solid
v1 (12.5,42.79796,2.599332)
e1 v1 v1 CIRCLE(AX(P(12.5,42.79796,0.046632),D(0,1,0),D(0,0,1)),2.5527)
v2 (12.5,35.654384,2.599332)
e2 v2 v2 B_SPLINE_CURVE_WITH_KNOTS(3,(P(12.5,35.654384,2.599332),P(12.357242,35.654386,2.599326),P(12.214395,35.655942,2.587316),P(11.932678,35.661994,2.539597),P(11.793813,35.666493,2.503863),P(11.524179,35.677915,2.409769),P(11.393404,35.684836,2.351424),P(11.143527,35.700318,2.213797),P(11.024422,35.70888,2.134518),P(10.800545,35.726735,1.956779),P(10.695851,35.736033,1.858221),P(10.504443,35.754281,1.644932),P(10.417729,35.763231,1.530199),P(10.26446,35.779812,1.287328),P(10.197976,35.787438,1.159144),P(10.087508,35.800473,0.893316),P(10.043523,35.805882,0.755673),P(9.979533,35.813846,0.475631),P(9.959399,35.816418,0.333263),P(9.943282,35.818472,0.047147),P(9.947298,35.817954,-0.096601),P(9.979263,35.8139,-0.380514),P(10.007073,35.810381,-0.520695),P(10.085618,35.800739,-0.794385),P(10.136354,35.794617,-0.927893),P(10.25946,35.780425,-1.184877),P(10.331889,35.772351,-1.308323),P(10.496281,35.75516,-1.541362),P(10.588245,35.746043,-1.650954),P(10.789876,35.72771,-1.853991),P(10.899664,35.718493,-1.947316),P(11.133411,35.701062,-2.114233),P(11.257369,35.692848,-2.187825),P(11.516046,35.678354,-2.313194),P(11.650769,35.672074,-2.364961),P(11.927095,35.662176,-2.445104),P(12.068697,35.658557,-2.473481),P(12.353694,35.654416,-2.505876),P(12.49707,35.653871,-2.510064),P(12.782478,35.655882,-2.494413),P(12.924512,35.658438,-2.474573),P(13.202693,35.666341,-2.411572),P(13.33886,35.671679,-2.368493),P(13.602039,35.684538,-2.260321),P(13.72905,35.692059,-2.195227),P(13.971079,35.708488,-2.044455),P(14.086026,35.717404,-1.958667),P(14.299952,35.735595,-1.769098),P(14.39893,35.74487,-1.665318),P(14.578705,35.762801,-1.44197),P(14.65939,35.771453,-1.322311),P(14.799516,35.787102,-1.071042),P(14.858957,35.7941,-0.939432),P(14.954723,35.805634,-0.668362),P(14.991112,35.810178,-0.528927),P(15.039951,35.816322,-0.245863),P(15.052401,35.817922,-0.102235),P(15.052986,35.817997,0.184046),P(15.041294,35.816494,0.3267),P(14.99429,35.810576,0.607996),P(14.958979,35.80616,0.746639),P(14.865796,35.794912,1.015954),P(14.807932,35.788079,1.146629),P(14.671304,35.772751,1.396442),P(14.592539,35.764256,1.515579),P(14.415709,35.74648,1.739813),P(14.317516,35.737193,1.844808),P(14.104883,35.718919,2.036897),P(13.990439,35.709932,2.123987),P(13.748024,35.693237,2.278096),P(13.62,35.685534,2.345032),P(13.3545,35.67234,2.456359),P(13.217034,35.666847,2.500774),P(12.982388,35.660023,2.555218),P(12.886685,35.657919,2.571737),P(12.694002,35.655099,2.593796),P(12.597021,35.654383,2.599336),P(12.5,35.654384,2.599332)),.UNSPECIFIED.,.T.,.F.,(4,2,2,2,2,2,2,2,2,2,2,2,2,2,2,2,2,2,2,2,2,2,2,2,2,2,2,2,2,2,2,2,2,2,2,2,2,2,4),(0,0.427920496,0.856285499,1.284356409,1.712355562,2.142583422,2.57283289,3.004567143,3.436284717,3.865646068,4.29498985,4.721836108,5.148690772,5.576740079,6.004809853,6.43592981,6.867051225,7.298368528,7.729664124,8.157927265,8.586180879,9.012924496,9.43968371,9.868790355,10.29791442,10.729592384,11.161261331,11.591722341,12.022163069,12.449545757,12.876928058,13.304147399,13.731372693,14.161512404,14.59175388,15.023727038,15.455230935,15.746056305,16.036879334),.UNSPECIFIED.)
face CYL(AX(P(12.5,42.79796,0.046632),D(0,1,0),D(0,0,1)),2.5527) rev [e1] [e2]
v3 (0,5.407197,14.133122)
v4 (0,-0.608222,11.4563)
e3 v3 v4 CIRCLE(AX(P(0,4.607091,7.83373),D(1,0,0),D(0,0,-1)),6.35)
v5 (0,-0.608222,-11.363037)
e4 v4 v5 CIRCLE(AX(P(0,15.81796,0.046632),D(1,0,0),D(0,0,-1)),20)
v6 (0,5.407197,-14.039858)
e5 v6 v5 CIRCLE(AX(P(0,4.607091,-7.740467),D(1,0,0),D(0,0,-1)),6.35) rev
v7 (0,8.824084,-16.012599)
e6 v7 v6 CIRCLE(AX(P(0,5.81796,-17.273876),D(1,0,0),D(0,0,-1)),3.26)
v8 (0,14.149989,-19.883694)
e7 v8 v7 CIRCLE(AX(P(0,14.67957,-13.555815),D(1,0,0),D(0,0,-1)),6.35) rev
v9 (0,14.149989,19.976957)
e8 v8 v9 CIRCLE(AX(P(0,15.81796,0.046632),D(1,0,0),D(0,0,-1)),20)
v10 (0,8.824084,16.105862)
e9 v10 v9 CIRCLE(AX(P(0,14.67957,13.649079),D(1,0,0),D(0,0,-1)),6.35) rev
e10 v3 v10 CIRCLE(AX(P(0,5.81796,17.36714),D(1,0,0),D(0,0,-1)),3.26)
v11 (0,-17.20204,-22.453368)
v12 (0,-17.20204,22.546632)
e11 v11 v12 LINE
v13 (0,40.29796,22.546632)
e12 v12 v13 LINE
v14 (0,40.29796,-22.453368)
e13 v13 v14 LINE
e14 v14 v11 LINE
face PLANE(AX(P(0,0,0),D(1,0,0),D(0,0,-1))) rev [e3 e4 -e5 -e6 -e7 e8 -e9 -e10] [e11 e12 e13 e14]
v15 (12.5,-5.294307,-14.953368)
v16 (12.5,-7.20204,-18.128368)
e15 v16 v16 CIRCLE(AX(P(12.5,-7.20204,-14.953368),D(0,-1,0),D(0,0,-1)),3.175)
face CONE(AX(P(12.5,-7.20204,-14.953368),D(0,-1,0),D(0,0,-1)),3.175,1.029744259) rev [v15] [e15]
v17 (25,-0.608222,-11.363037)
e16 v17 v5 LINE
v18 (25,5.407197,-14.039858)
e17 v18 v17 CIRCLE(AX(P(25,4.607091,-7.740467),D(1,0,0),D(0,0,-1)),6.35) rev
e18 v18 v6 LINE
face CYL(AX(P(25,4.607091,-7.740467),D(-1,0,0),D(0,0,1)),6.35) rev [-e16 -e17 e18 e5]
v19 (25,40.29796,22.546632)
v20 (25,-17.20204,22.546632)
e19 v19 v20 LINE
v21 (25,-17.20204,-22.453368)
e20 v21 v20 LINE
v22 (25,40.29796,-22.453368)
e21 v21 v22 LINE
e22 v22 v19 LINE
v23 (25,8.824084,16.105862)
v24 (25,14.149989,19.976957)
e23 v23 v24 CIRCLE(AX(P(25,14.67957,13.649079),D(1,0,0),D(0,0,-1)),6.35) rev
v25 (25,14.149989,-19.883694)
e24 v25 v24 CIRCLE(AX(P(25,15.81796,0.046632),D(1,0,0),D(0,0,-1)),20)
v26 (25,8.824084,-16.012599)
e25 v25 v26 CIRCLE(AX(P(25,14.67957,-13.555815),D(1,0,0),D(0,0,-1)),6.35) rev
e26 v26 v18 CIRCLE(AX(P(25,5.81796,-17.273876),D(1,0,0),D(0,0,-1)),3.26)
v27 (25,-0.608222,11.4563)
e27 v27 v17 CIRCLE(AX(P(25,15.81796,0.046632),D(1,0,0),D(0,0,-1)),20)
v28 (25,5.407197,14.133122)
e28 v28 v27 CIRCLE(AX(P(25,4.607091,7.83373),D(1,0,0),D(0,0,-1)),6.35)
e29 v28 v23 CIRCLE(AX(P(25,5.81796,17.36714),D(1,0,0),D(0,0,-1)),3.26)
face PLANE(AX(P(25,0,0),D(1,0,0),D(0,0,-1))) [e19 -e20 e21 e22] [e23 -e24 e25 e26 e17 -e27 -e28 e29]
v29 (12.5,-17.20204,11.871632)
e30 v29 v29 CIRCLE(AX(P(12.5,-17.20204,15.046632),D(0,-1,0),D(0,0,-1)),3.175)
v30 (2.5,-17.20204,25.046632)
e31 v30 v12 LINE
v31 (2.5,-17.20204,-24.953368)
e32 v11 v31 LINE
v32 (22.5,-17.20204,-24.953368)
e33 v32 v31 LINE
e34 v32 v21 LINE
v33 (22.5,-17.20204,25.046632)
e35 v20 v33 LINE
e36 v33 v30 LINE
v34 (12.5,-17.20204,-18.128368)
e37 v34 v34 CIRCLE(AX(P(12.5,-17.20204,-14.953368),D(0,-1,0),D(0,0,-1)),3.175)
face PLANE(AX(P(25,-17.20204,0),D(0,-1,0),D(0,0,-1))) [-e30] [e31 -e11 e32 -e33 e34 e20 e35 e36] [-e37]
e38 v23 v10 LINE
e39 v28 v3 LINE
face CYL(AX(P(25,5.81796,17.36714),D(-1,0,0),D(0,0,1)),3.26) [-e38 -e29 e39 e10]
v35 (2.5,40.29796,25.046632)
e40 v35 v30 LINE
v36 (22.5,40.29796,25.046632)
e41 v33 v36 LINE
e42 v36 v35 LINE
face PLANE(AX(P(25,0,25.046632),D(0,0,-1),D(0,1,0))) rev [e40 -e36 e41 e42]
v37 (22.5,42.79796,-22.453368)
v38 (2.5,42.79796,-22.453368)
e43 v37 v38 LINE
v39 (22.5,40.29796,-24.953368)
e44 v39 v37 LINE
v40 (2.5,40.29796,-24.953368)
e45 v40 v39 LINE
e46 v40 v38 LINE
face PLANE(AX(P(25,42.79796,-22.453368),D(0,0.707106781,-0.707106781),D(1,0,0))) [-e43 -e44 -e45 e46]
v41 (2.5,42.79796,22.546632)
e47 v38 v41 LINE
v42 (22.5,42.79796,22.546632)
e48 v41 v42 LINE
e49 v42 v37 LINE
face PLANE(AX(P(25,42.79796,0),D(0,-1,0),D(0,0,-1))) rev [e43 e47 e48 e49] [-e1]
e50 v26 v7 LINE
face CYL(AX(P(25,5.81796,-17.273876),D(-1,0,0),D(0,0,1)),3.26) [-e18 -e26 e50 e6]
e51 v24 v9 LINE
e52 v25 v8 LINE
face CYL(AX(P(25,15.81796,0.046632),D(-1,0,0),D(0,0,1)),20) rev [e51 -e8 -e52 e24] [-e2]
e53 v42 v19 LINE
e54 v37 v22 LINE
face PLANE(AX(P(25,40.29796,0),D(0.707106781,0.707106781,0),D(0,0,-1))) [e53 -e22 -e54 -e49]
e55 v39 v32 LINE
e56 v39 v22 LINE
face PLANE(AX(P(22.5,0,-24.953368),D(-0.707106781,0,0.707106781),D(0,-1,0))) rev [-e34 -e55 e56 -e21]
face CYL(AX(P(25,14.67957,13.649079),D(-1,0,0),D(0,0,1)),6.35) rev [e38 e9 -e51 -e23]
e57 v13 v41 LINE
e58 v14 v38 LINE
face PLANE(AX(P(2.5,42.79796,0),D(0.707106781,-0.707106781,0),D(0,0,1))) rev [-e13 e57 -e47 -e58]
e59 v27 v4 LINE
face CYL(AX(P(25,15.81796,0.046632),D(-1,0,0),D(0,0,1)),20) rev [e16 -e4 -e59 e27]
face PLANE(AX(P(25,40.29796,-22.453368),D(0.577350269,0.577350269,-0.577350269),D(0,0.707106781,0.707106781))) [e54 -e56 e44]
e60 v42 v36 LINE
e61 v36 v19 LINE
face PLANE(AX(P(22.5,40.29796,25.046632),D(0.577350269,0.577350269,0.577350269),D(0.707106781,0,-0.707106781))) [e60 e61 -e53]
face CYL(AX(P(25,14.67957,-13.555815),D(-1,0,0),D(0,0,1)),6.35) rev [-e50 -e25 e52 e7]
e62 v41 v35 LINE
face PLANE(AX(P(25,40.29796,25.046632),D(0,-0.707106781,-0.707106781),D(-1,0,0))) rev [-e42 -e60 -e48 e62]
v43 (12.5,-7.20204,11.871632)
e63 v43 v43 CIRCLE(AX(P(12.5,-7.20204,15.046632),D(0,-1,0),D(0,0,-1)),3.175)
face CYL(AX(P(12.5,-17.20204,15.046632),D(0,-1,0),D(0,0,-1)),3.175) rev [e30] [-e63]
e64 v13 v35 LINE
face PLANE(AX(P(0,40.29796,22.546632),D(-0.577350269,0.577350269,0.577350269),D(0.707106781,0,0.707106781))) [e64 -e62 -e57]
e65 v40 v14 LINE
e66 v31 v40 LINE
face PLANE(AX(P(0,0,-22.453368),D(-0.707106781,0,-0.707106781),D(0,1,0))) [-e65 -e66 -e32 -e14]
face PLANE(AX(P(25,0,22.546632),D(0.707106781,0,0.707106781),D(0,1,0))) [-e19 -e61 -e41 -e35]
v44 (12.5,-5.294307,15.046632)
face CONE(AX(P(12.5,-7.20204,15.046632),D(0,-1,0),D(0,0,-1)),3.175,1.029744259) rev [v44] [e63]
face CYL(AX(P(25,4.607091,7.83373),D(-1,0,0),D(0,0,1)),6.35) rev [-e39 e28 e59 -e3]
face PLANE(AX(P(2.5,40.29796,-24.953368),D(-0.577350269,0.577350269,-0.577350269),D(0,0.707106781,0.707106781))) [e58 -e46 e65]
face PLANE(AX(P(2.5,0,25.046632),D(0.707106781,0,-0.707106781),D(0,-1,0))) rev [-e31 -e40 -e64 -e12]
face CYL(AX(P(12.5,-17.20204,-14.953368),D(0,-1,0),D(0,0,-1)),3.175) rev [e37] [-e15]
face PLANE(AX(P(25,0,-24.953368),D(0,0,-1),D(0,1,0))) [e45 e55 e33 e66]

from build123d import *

# Parameters (mm, degrees)
SKETCH1_W                       = 50
SKETCH1_H                       = 60
SKETCH1_R                       = 20
BOSS_EXTRUDE1_DEPTH             = 25
CHAMFER1_SIZE                   = 2.5
F_1_4_20_TAPPED_HOLE1_REACH     = 68.191
F_1_4_20_TAPPED_HOLE1_BORE_R    = 2.5527
F_1_4_0_25_DIAMETER_HOLE1_D     = 6.35
F_1_4_0_25_DIAMETER_HOLE1_DEPTH = 10
F_1_4_0_25_DIAMETER_HOLE1_TIP   = 1.907732465


with BuildPart() as part:
    # Sketch1 → Boss-Extrude1 (new body)
    with BuildSketch(Plane(origin=(0, 0, 0), x_dir=(0, 0, -1), z_dir=(1, 0, 0))):
        with Locations((-0.046631749, 12.797960187)):
            Rectangle(SKETCH1_W, SKETCH1_H)
        with Locations((-0.046631749, 15.817960187)):
            Circle(SKETCH1_R, mode=Mode.SUBTRACT)
        with BuildLine():
            ThreePointArc((15.41920449, 3.136954335), (17.273876327, 5.817960187), (18.668359584, 8.764656039))
            ThreePointArc((18.668359584, 8.764656039), (17.346806711, 9.077144311), (16.012598617, 8.824083694))
            ThreePointArc((16.012598617, 8.824083694), (15.118822775, 8.264047714), (14.450633556, 7.447960267))
            ThreePointArc((14.450633556, 7.447960267), (14.077975631, 6.461247636), (14.039858148, 5.407196971))
            ThreePointArc((14.039858148, 5.407196971), (14.487805271, 4.125208558), (15.41920449, 3.136954335))
        make_face()
        with BuildLine():
            ThreePointArc((-16.105862115, 8.824083694), (-17.440070209, 9.077144311), (-18.761623082, 8.764656039))
            ThreePointArc((-18.761623082, 8.764656039), (-17.367139825, 5.817960187), (-15.512467988, 3.136954335))
            ThreePointArc((-15.512467988, 3.136954335), (-14.581068769, 4.125208558), (-14.133121646, 5.407196971))
            ThreePointArc((-14.133121646, 5.407196971), (-14.17123911, 6.461247542), (-14.543896959, 7.447960101))
            ThreePointArc((-14.543896959, 7.447960101), (-15.212086202, 8.264047651), (-16.105862115, 8.824083694))
        make_face()
        with BuildLine():
            ThreePointArc((18.668359584, 8.764656039), (19.462739812, 11.415185915), (19.883693667, 14.149988727))
            ThreePointArc((19.883693667, 14.149988727), (18.69234004, 10.946124329), (16.012598617, 8.824083694))
            ThreePointArc((16.012598617, 8.824083694), (17.346806711, 9.077144311), (18.668359584, 8.764656039))
        make_face()
        with BuildLine():
            ThreePointArc((11.363036616, -0.6082222), (13.520968398, 1.123735939), (15.41920449, 3.136954335))
            ThreePointArc((15.41920449, 3.136954335), (14.487805271, 4.125208558), (14.039858148, 5.407196971))
            ThreePointArc((14.039858148, 5.407196971), (13.541987762, 2.025452506), (11.363036616, -0.6082222))
        make_face()
        with BuildLine():
            ThreePointArc((-16.105862115, 8.824083694), (-18.785603538, 10.946124329), (-19.976957166, 14.149988727))
            ThreePointArc((-19.976957166, 14.149988727), (-19.55600331, 11.415185915), (-18.761623082, 8.764656039))
            ThreePointArc((-18.761623082, 8.764656039), (-17.440070209, 9.077144311), (-16.105862115, 8.824083694))
        make_face()
        with BuildLine():
            ThreePointArc((-14.133121646, 5.407196971), (-14.581068769, 4.125208558), (-15.512467988, 3.136954335))
            ThreePointArc((-15.512467988, 3.136954335), (-13.614231896, 1.123735939), (-11.456300114, -0.6082222))
            ThreePointArc((-11.456300114, -0.6082222), (-13.63525126, 2.025452506), (-14.133121646, 5.407196971))
        make_face()
    extrude(amount=BOSS_EXTRUDE1_DEPTH)

    # Chamfer1
    chamfer1_edges = [part.edges().sort_by_distance(p)[0] for p in [
        (0, 12.797960187, -24.953368251),
        (0, 12.797960187, 25.046631749),
        (0, 42.797960187, 0.046631749),
        (12.5, 42.797960187, -24.953368251),
        (12.5, 42.797960187, 25.046631749),
        (25, 42.797960187, 0.046631749),
        (25, 12.797960187, 25.046631749),
        (25, 12.797960187, -24.953368251),
    ]]
    chamfer(chamfer1_edges, length=CHAMFER1_SIZE)

    # 1/4-20 Tapped Hole1 bore (on position points) → 1/4-20 Tapped Hole1 (cut, up to next)
    with BuildSketch(Plane(origin=(12.5, 42.797960187, 0.046631749), x_dir=(0, 0, 1), z_dir=(0, 1, 0)), mode=Mode.PRIVATE) as f_1_4_20_tapped_hole1_sk1:
        Circle(F_1_4_20_TAPPED_HOLE1_BORE_R)
    f_1_4_20_tapped_hole1_tool1 = extrude(f_1_4_20_tapped_hole1_sk1.sketch, amount=-F_1_4_20_TAPPED_HOLE1_REACH, mode=Mode.PRIVATE) & part.part
    add(f_1_4_20_tapped_hole1_tool1.solids().sort_by_distance((12.5, 42.79796, 0.046632))[0], mode=Mode.SUBTRACT)

    # 1/4 (0.25) Diameter Hole1
    with Locations(Plane(origin=(12.5, -17.202039813, 15.046631749), x_dir=(0, 0, -1), z_dir=(0, -1, 0))):
        with Locations((0, 0), (30, 0)):
            Hole(F_1_4_0_25_DIAMETER_HOLE1_D / 2, depth=F_1_4_0_25_DIAMETER_HOLE1_DEPTH)
            with Locations((0, 0, -(F_1_4_0_25_DIAMETER_HOLE1_DEPTH + F_1_4_0_25_DIAMETER_HOLE1_TIP / 2))):  # 118° drill point
                Cone(0, F_1_4_0_25_DIAMETER_HOLE1_D / 2, F_1_4_0_25_DIAMETER_HOLE1_TIP, mode=Mode.SUBTRACT)


solid = part.part
